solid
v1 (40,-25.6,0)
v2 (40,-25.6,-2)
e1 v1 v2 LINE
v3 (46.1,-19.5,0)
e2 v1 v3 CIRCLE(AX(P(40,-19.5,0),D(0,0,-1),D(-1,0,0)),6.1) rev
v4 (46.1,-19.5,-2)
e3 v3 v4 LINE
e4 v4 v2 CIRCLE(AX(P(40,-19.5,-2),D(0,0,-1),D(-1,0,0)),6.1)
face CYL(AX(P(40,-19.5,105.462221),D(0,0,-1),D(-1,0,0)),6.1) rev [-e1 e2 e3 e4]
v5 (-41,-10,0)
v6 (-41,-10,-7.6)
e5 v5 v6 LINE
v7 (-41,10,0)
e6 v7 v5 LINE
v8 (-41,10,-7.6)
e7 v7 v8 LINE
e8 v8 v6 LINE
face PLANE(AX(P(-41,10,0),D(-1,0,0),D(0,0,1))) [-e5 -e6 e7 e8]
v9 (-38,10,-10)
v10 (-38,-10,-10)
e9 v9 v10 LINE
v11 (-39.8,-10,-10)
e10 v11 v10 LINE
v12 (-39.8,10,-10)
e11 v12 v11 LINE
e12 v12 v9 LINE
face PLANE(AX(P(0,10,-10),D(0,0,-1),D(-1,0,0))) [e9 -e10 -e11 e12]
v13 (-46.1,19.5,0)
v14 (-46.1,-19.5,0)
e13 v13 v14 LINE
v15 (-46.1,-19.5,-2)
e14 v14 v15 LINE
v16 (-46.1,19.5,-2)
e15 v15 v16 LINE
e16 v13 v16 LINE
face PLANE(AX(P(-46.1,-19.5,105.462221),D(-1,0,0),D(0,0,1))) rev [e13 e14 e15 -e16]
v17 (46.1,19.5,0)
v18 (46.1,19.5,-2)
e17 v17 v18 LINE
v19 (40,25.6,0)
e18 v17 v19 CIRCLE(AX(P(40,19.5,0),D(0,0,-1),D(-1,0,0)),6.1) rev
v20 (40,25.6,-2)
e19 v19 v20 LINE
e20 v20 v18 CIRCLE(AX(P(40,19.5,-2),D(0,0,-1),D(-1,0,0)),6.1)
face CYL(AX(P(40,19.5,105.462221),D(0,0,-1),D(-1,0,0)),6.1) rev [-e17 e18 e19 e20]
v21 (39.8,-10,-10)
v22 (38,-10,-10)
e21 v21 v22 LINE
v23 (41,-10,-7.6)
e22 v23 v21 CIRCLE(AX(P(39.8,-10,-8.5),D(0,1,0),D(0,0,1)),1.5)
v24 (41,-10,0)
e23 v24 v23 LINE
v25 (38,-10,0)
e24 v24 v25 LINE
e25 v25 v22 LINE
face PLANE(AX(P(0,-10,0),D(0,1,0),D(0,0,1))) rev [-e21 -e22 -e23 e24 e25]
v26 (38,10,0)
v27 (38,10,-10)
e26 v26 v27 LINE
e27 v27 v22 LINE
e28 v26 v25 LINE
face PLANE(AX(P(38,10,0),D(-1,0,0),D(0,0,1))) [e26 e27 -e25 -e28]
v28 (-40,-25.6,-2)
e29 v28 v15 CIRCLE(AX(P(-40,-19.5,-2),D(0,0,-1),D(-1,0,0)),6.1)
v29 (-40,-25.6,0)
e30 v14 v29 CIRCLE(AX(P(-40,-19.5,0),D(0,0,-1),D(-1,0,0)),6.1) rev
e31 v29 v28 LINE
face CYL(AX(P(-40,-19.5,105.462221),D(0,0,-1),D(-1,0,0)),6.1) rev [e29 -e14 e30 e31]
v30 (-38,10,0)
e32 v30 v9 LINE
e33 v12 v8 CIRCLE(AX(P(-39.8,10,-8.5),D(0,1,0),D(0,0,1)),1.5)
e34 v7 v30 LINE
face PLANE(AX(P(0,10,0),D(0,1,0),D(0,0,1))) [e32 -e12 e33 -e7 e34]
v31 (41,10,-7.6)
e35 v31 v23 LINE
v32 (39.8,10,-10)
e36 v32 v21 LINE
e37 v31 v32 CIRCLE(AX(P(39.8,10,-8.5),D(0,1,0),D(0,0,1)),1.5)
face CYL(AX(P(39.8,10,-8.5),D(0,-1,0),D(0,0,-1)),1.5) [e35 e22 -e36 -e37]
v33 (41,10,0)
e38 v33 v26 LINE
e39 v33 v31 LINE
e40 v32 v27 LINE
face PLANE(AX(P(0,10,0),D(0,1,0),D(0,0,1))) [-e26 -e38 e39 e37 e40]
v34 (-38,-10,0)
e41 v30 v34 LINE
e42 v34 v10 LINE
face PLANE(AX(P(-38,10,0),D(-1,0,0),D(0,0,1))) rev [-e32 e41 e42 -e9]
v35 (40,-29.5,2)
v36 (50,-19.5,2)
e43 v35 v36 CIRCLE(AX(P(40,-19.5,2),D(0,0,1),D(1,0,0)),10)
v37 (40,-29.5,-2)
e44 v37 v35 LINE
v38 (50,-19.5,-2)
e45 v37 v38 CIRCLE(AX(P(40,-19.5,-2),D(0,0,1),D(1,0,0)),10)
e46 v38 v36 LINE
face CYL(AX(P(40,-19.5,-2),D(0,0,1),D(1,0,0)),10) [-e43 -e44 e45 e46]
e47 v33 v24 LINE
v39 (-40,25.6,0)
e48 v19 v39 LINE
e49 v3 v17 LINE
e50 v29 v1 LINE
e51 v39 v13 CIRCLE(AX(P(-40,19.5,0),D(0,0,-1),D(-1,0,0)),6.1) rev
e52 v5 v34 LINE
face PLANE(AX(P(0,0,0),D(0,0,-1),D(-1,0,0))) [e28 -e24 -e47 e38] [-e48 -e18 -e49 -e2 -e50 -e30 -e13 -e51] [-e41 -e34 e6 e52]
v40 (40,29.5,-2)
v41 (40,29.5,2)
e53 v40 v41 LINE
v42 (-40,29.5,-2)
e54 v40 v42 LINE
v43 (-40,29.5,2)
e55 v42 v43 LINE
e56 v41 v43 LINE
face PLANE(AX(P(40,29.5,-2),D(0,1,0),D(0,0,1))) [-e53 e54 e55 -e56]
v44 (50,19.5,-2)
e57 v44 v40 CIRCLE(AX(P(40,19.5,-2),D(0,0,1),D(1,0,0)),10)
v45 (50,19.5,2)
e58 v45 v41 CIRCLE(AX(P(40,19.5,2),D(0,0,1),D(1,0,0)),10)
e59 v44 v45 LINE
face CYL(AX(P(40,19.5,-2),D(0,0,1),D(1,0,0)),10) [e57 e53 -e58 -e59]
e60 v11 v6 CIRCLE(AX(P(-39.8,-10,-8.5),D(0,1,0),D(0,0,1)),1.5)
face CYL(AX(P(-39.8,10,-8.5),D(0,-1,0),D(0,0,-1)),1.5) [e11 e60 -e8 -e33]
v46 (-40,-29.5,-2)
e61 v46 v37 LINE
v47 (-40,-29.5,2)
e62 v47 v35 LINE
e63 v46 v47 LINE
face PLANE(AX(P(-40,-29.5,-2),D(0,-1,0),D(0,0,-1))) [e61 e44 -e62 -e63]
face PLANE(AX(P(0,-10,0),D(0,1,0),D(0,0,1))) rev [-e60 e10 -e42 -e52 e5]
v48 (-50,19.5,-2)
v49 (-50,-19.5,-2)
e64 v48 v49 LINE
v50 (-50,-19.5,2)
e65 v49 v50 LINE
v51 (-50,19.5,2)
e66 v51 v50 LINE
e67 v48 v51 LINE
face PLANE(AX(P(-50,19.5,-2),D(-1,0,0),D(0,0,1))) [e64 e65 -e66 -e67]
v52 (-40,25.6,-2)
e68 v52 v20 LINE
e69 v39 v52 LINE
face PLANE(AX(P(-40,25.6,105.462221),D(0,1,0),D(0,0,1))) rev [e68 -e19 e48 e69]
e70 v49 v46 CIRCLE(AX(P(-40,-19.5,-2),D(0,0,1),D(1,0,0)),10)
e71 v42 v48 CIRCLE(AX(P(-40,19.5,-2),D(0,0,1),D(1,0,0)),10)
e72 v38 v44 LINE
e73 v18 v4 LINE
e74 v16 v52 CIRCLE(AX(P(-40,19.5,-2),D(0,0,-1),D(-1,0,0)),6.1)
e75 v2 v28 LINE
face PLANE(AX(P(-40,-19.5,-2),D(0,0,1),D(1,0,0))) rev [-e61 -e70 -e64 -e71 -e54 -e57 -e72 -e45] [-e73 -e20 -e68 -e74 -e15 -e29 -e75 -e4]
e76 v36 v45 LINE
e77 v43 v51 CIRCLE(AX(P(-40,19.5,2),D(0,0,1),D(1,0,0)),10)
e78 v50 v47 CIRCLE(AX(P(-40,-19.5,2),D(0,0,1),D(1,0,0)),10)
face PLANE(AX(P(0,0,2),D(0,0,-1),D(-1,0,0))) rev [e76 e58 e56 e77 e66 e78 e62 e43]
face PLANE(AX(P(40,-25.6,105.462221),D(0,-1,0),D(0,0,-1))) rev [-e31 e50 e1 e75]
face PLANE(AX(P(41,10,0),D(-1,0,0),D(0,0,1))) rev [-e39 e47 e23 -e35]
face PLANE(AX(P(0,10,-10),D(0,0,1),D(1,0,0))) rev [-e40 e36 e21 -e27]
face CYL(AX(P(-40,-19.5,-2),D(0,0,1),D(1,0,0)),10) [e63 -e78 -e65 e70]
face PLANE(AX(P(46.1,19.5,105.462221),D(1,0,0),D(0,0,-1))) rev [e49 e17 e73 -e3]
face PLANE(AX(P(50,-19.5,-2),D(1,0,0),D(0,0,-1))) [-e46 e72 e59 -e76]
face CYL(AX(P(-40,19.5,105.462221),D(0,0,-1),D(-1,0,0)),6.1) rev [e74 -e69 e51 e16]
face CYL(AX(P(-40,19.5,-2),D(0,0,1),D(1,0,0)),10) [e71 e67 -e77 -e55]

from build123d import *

# Parameters (mm, degrees)
SKETCH1_W           = 92
SKETCH1_H           = 51
BOSS_EXTRUDE1_DEPTH = 2
FILLET1_R           = 6
BOSS_EXTRUDE2_DEPTH = 4
BOSS_EXTRUDE3_DEPTH = 10
CUT_EXTRUDE2_START  = -2
CUT_EXTRUDE2_DEPTH  = 2


with BuildPart() as part:
    # Sketch1 → Boss-Extrude1 (new body)
    with BuildSketch(Plane.XY):
        Rectangle(SKETCH1_W, SKETCH1_H)
    extrude(amount=BOSS_EXTRUDE1_DEPTH)

    # Fillet1
    fillet1_edges = [part.edges().sort_by_distance(p)[0] for p in [
        (46, -25.5, 1),
        (-46, -25.5, 1),
        (-46, 25.5, 1),
        (46, 25.5, 1),
    ]]
    fillet(fillet1_edges, radius=FILLET1_R)

    # Sketch2 → Boss-Extrude2 (add)
    with BuildSketch(Plane.XY.offset(2)):
        with BuildLine():
            Line((-40, -29.5), (40, -29.5))
            ThreePointArc((40, -29.5), (47.071067812, -26.571067812), (50, -19.5))
            Line((50, -19.5), (50, 19.5))
            ThreePointArc((50, 19.5), (47.071067812, 26.571067812), (40, 29.5))
            Line((40, 29.5), (-40, 29.5))
            ThreePointArc((-40, 29.5), (-47.071067812, 26.571067812), (-50, 19.5))
            Line((-50, 19.5), (-50, -19.5))
            ThreePointArc((-50, -19.5), (-47.071067812, -26.571067812), (-40, -29.5))
        make_face()
        with BuildLine():
            Line((-46, 19.5), (-46, -19.5))
            ThreePointArc((-46, -19.5), (-44.242640687, -23.742640687), (-40, -25.5))
            Line((-40, -25.5), (40, -25.5))
            ThreePointArc((40, -25.5), (44.242640687, -23.742640687), (46, -19.5))
            Line((46, -19.5), (46, 19.5))
            ThreePointArc((46, 19.5), (44.242640687, 23.742640687), (40, 25.5))
            Line((40, 25.5), (-40, 25.5))
            ThreePointArc((-40, 25.5), (-44.242640687, 23.742640687), (-46, 19.5))
        make_face(mode=Mode.SUBTRACT)
    extrude(amount=-BOSS_EXTRUDE2_DEPTH)

    # Sketch3 → Boss-Extrude3 (add, symmetric)
    with BuildSketch(Plane(origin=(0, 0, 0), x_dir=(1, 0, 0), z_dir=(0, 1, 0))):
        with BuildLine():
            Line((-41, 7.6), (-41, 0))
            Line((-41, 0), (-38, 0))
            Line((-38, 0), (-38, 10))
            Line((-38, 10), (-39.799999994, 10))
            ThreePointArc((-39.799999994, 10), (-41.141640785, 9.170820396), (-41, 7.6))
        make_face()
        with BuildLine():
            Line((38, 0), (41, 0))
            Line((41, 0), (41, 7.6))
            ThreePointArc((41, 7.6), (41.141640788, 9.17082039), (39.800000006, 10))
            Line((39.800000006, 10), (38, 10))
            Line((38, 10), (38, 0))
        make_face()
    extrude(amount=BOSS_EXTRUDE3_DEPTH, both=True)

    # Sketch4 → Cut-Extrude2 (cut)
    with BuildSketch(Plane(origin=(0, 0, -2), x_dir=(-1, 0, 0), z_dir=(0, 0, -1)).offset(CUT_EXTRUDE2_START)):
        with BuildLine():
            Line((46.1, -19.5), (46.1, 19.5))
            ThreePointArc((46.1, 19.5), (44.313351365, 23.813351365), (40, 25.6))
            Line((40, 25.6), (-40, 25.6))
            ThreePointArc((-40, 25.6), (-44.313351365, 23.813351365), (-46.1, 19.5))
            Line((-46.1, 19.5), (-46.1, -19.5))
            ThreePointArc((-46.1, -19.5), (-44.313351365, -23.813351365), (-40, -25.6))
            Line((-40, -25.6), (40, -25.6))
            ThreePointArc((40, -25.6), (44.313351365, -23.813351365), (46.1, -19.5))
        make_face()
        with BuildLine():
            Line((-40, 25.5), (40, 25.5))
            ThreePointArc((40, 25.5), (44.242640687, 23.742640687), (46, 19.5))
            Line((46, 19.5), (46, -19.5))
            ThreePointArc((46, -19.5), (44.242640687, -23.742640687), (40, -25.5))
            Line((40, -25.5), (-40, -25.5))
            ThreePointArc((-40, -25.5), (-44.242640687, -23.742640687), (-46, -19.5))
            Line((-46, -19.5), (-46, 19.5))
            ThreePointArc((-46, 19.5), (-44.242640687, 23.742640687), (-40, 25.5))
        make_face(mode=Mode.SUBTRACT)
    extrude(amount=CUT_EXTRUDE2_DEPTH, mode=Mode.SUBTRACT)


solid = part.part
